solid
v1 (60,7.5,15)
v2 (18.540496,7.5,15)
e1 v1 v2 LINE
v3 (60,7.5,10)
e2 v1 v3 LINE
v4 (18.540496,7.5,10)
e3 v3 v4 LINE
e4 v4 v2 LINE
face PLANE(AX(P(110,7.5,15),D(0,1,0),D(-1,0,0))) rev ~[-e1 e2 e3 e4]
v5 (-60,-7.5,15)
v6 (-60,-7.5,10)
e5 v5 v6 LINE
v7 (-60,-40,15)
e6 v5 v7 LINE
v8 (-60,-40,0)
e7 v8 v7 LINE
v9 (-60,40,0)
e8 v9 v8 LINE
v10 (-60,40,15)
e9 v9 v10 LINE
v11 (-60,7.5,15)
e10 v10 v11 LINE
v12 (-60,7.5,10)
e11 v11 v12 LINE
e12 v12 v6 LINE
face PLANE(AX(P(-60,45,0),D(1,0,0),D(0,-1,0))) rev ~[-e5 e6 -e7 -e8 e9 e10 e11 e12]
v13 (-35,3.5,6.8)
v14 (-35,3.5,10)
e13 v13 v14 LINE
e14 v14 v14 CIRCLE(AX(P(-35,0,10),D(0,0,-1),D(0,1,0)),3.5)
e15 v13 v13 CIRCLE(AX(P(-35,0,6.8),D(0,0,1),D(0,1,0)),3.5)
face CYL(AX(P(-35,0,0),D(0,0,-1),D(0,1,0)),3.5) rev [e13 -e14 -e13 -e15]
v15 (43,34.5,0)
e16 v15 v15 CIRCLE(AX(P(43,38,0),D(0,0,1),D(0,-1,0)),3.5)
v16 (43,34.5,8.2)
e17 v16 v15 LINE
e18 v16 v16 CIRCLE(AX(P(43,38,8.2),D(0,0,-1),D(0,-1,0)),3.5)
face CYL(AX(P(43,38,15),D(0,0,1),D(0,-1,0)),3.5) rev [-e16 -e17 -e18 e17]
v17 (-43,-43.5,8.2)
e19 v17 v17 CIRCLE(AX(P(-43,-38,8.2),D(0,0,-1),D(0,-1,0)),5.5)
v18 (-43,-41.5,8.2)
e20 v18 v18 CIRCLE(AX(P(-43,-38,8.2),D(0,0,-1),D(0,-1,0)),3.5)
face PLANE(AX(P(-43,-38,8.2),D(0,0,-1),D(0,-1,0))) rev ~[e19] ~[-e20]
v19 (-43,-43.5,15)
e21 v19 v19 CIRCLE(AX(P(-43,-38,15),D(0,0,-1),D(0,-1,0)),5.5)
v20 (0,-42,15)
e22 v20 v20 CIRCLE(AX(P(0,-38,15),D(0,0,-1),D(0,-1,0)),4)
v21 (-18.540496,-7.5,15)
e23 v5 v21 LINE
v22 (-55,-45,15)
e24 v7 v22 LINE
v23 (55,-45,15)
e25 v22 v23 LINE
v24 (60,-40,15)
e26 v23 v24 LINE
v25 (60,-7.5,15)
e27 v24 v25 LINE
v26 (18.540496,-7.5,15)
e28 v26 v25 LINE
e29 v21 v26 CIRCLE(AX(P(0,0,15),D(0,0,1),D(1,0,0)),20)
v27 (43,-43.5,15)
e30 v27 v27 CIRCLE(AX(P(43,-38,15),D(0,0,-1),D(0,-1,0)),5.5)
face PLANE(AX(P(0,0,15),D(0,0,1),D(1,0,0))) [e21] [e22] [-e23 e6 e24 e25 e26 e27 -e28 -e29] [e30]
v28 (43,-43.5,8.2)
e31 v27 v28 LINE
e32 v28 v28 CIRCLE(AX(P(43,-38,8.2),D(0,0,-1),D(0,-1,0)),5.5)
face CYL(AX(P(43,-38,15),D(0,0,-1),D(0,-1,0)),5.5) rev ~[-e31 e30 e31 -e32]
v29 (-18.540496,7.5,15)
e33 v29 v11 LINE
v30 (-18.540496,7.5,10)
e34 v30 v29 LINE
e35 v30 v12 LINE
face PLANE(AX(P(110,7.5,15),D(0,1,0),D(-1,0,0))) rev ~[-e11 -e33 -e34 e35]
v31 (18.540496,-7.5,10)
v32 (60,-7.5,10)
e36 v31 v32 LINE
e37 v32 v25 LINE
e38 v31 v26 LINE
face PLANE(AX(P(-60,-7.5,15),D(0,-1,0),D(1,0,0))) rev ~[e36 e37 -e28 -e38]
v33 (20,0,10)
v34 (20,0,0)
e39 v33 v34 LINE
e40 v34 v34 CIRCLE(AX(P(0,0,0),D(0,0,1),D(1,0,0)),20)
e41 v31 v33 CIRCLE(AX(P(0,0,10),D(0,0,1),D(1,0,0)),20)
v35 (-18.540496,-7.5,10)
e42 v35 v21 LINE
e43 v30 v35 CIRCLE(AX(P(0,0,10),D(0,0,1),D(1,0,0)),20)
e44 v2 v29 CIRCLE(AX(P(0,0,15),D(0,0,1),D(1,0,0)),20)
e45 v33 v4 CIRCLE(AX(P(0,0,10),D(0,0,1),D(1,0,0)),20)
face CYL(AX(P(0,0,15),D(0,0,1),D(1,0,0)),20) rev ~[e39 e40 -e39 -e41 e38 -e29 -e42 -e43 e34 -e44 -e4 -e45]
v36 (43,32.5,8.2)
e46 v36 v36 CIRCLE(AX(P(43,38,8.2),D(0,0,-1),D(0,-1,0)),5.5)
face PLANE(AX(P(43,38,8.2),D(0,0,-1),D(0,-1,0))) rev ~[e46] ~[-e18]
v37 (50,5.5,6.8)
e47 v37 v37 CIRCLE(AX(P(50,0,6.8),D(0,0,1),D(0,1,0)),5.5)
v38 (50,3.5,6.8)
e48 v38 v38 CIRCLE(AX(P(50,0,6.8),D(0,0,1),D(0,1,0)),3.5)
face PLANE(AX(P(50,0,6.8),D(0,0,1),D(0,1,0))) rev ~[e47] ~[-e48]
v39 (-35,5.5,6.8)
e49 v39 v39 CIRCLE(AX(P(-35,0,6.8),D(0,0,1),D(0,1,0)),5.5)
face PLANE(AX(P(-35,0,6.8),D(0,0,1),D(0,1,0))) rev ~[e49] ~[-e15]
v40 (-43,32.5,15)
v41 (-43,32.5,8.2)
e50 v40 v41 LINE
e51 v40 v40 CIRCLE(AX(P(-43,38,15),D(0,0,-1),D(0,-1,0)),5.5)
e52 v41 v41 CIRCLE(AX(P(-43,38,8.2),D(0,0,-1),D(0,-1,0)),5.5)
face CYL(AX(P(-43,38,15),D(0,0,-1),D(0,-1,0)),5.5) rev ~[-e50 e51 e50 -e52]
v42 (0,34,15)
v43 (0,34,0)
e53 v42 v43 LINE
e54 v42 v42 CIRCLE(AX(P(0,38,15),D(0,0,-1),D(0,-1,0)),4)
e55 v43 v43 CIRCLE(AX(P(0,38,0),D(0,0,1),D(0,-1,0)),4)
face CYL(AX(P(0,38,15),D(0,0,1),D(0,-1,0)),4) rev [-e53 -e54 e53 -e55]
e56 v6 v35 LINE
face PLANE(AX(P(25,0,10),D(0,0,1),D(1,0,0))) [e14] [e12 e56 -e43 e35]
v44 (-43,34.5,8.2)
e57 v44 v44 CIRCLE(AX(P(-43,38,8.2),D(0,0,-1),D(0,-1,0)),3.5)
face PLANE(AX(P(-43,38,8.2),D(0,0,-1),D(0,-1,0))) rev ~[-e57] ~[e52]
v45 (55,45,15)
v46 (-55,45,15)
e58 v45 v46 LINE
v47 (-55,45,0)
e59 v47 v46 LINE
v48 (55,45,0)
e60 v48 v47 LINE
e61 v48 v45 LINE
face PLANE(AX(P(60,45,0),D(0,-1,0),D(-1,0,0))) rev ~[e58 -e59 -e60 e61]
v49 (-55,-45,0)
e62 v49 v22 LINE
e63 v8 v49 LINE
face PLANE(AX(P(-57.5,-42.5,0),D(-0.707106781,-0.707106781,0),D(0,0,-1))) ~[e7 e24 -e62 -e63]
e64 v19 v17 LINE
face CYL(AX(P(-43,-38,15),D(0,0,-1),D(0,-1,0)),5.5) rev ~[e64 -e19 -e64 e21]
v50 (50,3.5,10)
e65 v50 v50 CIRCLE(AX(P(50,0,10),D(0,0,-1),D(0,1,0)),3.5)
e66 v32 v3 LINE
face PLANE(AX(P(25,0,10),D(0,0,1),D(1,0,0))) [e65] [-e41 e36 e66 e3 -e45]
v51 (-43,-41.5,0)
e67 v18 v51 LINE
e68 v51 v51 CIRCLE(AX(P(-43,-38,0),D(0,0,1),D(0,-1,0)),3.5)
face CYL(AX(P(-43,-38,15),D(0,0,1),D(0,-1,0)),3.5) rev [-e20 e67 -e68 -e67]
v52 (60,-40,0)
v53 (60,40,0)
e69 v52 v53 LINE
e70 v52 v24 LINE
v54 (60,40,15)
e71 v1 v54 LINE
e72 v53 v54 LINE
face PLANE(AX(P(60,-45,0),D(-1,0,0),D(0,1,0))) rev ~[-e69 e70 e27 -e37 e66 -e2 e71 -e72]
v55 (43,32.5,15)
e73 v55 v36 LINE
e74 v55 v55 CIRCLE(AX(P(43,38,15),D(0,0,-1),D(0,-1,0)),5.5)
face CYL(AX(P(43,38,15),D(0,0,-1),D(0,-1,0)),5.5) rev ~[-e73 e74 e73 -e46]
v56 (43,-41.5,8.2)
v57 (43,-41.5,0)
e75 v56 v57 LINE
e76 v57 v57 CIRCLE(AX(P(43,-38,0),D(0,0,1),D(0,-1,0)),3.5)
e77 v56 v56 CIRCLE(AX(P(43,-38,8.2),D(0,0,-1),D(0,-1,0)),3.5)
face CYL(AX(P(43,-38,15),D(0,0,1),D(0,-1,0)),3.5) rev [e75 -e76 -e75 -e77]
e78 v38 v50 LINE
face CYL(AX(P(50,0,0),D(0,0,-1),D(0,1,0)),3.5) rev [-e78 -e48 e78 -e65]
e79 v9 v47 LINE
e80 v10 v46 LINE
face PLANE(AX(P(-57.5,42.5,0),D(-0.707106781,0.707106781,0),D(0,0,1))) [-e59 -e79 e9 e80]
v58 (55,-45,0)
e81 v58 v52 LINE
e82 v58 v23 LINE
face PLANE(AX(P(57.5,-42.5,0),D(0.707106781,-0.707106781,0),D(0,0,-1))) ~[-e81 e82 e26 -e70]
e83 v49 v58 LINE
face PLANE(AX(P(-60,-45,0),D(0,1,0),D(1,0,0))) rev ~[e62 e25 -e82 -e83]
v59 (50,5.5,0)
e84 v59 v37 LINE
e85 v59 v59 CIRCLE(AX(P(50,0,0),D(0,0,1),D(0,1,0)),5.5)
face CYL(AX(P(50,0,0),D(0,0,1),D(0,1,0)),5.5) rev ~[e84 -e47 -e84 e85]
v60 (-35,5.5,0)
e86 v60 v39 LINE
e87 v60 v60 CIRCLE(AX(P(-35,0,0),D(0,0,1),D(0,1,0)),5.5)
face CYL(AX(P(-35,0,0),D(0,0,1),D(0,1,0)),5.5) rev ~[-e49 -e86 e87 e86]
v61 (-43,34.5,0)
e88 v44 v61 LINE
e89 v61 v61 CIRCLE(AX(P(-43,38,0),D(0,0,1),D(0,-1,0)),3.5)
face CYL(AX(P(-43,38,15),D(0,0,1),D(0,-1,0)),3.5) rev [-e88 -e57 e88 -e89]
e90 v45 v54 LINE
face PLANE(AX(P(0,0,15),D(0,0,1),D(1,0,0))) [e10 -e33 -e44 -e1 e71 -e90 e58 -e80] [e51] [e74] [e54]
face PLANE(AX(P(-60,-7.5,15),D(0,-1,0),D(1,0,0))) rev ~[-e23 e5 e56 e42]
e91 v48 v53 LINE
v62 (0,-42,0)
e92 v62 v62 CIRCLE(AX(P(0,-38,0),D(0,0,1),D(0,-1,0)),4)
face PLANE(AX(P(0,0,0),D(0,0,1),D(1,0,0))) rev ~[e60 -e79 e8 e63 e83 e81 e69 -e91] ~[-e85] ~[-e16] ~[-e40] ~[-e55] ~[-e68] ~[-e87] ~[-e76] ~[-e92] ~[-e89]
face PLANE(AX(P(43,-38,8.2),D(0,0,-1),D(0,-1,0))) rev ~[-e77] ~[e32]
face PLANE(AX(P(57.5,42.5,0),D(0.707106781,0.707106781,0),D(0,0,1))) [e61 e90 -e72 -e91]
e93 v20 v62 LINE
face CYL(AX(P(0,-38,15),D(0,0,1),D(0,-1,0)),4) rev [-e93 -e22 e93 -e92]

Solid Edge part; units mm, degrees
sketch "Sketch1" plane through (0, 0, 0) normal (0, 0, 1) x (1, 0, 0)
  line L0 (-60, 45) -> (-60, -45)
  line L1 (-60, -45) -> (60, -45)
  line L2 (60, -45) -> (60, 45)
  line L3 (60, 45) -> (-60, 45)
extrude "Protrusion1" add sketch "Sketch1" along normal blind 15
sketch "Sketch2" plane through (0, 0, 15) normal (0, 0, 1) x (1, 0, 0)
  circle A0 centre (0, 0) radius 20
  dimension "D1" = 60
  dimension "D2" = 40
extrude "Cutout1" cut sketch "Sketch2" against normal through all
sketch "Sketch3" plane through (0, 0, 15) normal (0, 0, 1) x (1, 0, 0)
  line L0 (-60, -7.5) -> (110, -7.5)
  line L1 (110, -7.5) -> (110, 7.5)
  line L2 (110, 7.5) -> (-60, 7.5)
  line L3 (-60, 7.5) -> (-60, -7.5)
  dimension "D1" = 15
  dimension "D2" = 170
  dimension "D3" = 45
extrude "VaciadoExtruido_2" cut sketch "Sketch3" against normal blind 5
chamfer "Chaflán_1" distance 5 angle 45 4 edges at (-60, 45, 7.5) (60, 45, 7.5) (60, -45, 7.5) (-60, -45, 7.5)
hole "Agujero_1" [suppressed]
hole "Hole1" at (-35, 0, 0) direction (0, 0, 1) diameter 7 end up to next counterbore diameter 11 counterbore depth 6.8
hole "Hole2" at (50, 0, 0) direction (0, 0, 1) diameter 7 end up to next counterbore diameter 11 counterbore depth 6.8
hole "Agujero_4" at (-43, 38, 15) direction (0, 0, -1) diameter 7 end up to next counterbore diameter 11 counterbore depth 6.8
hole "Hole3" at (43, 38, 15) direction (0, 0, -1) diameter 7 end up to next counterbore diameter 11 counterbore depth 6.8
hole "Hole4" at (43, -38, 15) direction (0, 0, -1) diameter 7 end up to next counterbore diameter 11 counterbore depth 6.8
hole "Hole5" at (-43, -38, 15) direction (0, 0, -1) diameter 7 end up to next counterbore diameter 11 counterbore depth 6.8
hole "Agujero_8" at (0, 38, 15) direction (0, 0, -1) diameter 8 end up to next
hole "Hole6" at (0, -38, 15) direction (0, 0, -1) diameter 8 end up to next
properties part number "1976-1200-002" material "Aluminio, 7075-T6"
